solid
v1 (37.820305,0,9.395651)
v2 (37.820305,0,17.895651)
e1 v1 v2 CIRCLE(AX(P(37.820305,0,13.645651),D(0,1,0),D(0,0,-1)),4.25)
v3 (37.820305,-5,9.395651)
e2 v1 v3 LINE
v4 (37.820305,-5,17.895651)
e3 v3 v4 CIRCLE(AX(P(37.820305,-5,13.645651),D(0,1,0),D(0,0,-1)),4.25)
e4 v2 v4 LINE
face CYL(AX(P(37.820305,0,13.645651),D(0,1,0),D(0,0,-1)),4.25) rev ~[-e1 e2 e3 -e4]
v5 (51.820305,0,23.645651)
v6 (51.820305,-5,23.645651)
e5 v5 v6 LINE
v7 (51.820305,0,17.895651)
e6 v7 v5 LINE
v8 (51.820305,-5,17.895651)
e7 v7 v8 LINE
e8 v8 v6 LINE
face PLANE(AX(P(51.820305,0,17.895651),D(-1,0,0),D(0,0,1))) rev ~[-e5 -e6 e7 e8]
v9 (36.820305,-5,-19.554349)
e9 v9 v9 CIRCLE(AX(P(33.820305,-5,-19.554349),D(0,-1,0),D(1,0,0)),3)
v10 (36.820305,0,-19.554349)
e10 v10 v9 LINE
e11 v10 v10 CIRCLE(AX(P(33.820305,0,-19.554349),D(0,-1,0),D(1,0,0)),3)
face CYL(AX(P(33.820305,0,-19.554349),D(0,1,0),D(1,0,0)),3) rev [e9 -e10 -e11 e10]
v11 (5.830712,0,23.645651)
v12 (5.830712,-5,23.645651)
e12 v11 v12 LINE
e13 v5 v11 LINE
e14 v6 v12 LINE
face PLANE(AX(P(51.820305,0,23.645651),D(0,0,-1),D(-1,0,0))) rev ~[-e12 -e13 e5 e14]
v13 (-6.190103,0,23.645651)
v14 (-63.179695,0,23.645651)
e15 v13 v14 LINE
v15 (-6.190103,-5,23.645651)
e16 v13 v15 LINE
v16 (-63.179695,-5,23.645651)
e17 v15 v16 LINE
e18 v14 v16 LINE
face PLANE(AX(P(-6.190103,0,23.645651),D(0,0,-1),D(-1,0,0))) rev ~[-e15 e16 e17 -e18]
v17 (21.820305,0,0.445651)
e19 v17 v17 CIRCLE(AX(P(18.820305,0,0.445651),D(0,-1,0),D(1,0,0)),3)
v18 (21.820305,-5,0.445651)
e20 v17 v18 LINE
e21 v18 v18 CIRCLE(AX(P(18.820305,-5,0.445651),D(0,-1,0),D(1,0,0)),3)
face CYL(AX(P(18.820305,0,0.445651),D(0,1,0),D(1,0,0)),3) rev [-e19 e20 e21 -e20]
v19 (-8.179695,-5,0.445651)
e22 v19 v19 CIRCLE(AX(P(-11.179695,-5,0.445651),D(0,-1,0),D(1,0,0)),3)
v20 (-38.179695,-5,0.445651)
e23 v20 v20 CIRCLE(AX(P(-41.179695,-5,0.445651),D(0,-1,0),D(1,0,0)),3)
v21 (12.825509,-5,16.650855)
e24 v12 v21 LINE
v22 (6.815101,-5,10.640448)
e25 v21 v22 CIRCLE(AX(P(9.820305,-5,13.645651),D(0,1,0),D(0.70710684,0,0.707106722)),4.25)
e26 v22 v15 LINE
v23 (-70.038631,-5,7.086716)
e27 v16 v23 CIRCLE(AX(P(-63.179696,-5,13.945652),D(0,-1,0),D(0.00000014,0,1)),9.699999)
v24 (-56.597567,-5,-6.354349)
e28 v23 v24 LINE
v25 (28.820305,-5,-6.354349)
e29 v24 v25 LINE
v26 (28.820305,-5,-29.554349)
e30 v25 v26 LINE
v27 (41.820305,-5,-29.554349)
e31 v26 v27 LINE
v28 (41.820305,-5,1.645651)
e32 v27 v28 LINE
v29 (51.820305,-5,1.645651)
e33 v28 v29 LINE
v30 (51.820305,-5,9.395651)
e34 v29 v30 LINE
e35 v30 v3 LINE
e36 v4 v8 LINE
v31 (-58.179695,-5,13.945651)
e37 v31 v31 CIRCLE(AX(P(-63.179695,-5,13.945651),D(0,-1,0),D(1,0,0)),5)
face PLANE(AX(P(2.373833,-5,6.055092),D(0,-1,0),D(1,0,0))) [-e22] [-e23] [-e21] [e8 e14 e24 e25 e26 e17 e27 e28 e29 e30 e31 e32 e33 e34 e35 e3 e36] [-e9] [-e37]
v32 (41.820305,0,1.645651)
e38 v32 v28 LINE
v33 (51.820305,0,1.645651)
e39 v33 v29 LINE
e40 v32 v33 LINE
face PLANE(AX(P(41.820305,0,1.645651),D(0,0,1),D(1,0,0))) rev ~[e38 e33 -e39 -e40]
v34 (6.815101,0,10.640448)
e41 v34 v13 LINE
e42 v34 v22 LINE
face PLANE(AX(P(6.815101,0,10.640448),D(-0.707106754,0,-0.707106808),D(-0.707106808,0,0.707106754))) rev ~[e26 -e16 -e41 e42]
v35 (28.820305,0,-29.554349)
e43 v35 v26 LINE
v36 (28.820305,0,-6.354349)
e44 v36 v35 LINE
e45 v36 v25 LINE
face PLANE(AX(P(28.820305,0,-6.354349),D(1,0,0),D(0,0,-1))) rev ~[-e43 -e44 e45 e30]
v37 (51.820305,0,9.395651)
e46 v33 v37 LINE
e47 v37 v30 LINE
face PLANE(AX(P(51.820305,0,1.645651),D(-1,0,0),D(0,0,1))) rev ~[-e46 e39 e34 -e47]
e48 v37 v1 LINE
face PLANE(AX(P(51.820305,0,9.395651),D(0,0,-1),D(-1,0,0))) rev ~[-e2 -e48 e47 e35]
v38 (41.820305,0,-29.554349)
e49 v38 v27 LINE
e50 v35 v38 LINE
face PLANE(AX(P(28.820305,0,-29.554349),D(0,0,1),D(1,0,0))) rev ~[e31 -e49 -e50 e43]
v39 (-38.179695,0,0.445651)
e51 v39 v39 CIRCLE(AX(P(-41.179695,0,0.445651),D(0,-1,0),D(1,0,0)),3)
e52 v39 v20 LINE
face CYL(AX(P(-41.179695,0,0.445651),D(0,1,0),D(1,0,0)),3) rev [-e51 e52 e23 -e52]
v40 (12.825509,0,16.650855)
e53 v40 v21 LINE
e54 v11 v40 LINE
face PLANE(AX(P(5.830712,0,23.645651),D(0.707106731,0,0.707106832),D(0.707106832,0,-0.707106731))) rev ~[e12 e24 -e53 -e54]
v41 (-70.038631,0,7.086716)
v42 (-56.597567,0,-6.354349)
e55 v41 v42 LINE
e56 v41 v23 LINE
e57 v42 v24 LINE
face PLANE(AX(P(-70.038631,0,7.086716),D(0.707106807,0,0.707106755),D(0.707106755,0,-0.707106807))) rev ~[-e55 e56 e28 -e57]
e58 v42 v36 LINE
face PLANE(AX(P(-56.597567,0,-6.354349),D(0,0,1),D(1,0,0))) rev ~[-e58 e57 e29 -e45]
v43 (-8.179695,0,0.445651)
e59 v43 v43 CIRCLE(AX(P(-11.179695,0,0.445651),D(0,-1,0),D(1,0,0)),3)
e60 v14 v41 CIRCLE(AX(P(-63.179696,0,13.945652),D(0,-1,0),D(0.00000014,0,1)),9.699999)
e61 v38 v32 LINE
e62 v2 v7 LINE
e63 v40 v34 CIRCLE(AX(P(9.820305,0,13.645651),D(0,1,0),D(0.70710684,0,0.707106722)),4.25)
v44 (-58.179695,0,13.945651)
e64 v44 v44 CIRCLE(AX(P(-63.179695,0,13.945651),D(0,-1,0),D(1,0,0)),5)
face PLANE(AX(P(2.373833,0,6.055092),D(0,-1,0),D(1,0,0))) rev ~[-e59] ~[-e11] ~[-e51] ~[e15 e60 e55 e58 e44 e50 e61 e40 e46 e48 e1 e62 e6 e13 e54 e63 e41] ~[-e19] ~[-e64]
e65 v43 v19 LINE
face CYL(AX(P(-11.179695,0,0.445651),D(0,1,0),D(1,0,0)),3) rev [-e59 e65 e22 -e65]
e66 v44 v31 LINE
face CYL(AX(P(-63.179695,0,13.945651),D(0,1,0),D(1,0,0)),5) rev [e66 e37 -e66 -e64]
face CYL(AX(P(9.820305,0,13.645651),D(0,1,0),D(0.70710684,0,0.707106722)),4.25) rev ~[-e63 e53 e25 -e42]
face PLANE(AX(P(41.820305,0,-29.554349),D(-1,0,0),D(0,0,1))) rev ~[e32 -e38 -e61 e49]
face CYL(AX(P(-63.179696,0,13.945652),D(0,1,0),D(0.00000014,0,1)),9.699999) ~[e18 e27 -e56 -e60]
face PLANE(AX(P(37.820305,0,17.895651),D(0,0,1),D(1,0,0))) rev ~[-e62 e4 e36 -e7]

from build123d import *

# Parameters (mm, degrees)
F0_R     = 3
F0_R_2   = 5
F1_DEPTH = 5


with BuildPart() as f1:
    # F0 (on Front) → F1 (new body)
    with BuildSketch(Plane.XZ):
        with BuildLine():
            Line((-6.190103, 23.645651), (-63.179695, 23.645651))
            ThreePointArc((-63.179695, 23.645651), (-72.141327, 17.657681), (-70.038631, 7.086716))
            Line((-70.038631, 7.086716), (-56.597567, -6.354349))
            Line((-56.597567, -6.354349), (28.820305, -6.354349))
            Line((28.820305, -6.354349), (28.820305, -29.554349))
            Line((28.820305, -29.554349), (41.820305, -29.554349))
            Line((41.820305, -29.554349), (41.820305, 1.645651))
            Line((41.820305, 1.645651), (51.820305, 1.645651))
            Line((51.820305, 1.645651), (51.820305, 9.395651))
            Line((51.820305, 9.395651), (37.820305, 9.395651))
            ThreePointArc((37.820305, 9.395651), (33.570305, 13.645651), (37.820305, 17.895651))
            Line((37.820305, 17.895651), (51.820305, 17.895651))
            Line((51.820305, 17.895651), (51.820305, 23.645651))
            Line((51.820305, 23.645651), (16.653307, 23.645651))
            Line((16.653307, 23.645651), (16.080297, 23.645651))
            Line((16.080297, 23.645651), (5.830712, 23.645651))
            Line((5.830712, 23.645651), (12.825509, 16.650855))
            ThreePointArc((12.825509, 16.650855), (12.825509, 10.640448), (6.815101, 10.640448))
            Line((6.815101, 10.640448), (-6.190103, 23.645651))
        make_face()
        with Locations((33.820305, -19.554349)):
            Circle(F0_R, mode=Mode.SUBTRACT)
        with Locations((-41.179695, 0.445651)):
            Circle(F0_R, mode=Mode.SUBTRACT)
        with Locations((-11.179695, 0.445651)):
            Circle(F0_R, mode=Mode.SUBTRACT)
        with Locations((-63.179695, 13.945651)):
            Circle(F0_R_2, mode=Mode.SUBTRACT)
        with Locations((18.820305, 0.445651)):
            Circle(F0_R, mode=Mode.SUBTRACT)
    extrude(amount=F1_DEPTH)


solid = f1.part
